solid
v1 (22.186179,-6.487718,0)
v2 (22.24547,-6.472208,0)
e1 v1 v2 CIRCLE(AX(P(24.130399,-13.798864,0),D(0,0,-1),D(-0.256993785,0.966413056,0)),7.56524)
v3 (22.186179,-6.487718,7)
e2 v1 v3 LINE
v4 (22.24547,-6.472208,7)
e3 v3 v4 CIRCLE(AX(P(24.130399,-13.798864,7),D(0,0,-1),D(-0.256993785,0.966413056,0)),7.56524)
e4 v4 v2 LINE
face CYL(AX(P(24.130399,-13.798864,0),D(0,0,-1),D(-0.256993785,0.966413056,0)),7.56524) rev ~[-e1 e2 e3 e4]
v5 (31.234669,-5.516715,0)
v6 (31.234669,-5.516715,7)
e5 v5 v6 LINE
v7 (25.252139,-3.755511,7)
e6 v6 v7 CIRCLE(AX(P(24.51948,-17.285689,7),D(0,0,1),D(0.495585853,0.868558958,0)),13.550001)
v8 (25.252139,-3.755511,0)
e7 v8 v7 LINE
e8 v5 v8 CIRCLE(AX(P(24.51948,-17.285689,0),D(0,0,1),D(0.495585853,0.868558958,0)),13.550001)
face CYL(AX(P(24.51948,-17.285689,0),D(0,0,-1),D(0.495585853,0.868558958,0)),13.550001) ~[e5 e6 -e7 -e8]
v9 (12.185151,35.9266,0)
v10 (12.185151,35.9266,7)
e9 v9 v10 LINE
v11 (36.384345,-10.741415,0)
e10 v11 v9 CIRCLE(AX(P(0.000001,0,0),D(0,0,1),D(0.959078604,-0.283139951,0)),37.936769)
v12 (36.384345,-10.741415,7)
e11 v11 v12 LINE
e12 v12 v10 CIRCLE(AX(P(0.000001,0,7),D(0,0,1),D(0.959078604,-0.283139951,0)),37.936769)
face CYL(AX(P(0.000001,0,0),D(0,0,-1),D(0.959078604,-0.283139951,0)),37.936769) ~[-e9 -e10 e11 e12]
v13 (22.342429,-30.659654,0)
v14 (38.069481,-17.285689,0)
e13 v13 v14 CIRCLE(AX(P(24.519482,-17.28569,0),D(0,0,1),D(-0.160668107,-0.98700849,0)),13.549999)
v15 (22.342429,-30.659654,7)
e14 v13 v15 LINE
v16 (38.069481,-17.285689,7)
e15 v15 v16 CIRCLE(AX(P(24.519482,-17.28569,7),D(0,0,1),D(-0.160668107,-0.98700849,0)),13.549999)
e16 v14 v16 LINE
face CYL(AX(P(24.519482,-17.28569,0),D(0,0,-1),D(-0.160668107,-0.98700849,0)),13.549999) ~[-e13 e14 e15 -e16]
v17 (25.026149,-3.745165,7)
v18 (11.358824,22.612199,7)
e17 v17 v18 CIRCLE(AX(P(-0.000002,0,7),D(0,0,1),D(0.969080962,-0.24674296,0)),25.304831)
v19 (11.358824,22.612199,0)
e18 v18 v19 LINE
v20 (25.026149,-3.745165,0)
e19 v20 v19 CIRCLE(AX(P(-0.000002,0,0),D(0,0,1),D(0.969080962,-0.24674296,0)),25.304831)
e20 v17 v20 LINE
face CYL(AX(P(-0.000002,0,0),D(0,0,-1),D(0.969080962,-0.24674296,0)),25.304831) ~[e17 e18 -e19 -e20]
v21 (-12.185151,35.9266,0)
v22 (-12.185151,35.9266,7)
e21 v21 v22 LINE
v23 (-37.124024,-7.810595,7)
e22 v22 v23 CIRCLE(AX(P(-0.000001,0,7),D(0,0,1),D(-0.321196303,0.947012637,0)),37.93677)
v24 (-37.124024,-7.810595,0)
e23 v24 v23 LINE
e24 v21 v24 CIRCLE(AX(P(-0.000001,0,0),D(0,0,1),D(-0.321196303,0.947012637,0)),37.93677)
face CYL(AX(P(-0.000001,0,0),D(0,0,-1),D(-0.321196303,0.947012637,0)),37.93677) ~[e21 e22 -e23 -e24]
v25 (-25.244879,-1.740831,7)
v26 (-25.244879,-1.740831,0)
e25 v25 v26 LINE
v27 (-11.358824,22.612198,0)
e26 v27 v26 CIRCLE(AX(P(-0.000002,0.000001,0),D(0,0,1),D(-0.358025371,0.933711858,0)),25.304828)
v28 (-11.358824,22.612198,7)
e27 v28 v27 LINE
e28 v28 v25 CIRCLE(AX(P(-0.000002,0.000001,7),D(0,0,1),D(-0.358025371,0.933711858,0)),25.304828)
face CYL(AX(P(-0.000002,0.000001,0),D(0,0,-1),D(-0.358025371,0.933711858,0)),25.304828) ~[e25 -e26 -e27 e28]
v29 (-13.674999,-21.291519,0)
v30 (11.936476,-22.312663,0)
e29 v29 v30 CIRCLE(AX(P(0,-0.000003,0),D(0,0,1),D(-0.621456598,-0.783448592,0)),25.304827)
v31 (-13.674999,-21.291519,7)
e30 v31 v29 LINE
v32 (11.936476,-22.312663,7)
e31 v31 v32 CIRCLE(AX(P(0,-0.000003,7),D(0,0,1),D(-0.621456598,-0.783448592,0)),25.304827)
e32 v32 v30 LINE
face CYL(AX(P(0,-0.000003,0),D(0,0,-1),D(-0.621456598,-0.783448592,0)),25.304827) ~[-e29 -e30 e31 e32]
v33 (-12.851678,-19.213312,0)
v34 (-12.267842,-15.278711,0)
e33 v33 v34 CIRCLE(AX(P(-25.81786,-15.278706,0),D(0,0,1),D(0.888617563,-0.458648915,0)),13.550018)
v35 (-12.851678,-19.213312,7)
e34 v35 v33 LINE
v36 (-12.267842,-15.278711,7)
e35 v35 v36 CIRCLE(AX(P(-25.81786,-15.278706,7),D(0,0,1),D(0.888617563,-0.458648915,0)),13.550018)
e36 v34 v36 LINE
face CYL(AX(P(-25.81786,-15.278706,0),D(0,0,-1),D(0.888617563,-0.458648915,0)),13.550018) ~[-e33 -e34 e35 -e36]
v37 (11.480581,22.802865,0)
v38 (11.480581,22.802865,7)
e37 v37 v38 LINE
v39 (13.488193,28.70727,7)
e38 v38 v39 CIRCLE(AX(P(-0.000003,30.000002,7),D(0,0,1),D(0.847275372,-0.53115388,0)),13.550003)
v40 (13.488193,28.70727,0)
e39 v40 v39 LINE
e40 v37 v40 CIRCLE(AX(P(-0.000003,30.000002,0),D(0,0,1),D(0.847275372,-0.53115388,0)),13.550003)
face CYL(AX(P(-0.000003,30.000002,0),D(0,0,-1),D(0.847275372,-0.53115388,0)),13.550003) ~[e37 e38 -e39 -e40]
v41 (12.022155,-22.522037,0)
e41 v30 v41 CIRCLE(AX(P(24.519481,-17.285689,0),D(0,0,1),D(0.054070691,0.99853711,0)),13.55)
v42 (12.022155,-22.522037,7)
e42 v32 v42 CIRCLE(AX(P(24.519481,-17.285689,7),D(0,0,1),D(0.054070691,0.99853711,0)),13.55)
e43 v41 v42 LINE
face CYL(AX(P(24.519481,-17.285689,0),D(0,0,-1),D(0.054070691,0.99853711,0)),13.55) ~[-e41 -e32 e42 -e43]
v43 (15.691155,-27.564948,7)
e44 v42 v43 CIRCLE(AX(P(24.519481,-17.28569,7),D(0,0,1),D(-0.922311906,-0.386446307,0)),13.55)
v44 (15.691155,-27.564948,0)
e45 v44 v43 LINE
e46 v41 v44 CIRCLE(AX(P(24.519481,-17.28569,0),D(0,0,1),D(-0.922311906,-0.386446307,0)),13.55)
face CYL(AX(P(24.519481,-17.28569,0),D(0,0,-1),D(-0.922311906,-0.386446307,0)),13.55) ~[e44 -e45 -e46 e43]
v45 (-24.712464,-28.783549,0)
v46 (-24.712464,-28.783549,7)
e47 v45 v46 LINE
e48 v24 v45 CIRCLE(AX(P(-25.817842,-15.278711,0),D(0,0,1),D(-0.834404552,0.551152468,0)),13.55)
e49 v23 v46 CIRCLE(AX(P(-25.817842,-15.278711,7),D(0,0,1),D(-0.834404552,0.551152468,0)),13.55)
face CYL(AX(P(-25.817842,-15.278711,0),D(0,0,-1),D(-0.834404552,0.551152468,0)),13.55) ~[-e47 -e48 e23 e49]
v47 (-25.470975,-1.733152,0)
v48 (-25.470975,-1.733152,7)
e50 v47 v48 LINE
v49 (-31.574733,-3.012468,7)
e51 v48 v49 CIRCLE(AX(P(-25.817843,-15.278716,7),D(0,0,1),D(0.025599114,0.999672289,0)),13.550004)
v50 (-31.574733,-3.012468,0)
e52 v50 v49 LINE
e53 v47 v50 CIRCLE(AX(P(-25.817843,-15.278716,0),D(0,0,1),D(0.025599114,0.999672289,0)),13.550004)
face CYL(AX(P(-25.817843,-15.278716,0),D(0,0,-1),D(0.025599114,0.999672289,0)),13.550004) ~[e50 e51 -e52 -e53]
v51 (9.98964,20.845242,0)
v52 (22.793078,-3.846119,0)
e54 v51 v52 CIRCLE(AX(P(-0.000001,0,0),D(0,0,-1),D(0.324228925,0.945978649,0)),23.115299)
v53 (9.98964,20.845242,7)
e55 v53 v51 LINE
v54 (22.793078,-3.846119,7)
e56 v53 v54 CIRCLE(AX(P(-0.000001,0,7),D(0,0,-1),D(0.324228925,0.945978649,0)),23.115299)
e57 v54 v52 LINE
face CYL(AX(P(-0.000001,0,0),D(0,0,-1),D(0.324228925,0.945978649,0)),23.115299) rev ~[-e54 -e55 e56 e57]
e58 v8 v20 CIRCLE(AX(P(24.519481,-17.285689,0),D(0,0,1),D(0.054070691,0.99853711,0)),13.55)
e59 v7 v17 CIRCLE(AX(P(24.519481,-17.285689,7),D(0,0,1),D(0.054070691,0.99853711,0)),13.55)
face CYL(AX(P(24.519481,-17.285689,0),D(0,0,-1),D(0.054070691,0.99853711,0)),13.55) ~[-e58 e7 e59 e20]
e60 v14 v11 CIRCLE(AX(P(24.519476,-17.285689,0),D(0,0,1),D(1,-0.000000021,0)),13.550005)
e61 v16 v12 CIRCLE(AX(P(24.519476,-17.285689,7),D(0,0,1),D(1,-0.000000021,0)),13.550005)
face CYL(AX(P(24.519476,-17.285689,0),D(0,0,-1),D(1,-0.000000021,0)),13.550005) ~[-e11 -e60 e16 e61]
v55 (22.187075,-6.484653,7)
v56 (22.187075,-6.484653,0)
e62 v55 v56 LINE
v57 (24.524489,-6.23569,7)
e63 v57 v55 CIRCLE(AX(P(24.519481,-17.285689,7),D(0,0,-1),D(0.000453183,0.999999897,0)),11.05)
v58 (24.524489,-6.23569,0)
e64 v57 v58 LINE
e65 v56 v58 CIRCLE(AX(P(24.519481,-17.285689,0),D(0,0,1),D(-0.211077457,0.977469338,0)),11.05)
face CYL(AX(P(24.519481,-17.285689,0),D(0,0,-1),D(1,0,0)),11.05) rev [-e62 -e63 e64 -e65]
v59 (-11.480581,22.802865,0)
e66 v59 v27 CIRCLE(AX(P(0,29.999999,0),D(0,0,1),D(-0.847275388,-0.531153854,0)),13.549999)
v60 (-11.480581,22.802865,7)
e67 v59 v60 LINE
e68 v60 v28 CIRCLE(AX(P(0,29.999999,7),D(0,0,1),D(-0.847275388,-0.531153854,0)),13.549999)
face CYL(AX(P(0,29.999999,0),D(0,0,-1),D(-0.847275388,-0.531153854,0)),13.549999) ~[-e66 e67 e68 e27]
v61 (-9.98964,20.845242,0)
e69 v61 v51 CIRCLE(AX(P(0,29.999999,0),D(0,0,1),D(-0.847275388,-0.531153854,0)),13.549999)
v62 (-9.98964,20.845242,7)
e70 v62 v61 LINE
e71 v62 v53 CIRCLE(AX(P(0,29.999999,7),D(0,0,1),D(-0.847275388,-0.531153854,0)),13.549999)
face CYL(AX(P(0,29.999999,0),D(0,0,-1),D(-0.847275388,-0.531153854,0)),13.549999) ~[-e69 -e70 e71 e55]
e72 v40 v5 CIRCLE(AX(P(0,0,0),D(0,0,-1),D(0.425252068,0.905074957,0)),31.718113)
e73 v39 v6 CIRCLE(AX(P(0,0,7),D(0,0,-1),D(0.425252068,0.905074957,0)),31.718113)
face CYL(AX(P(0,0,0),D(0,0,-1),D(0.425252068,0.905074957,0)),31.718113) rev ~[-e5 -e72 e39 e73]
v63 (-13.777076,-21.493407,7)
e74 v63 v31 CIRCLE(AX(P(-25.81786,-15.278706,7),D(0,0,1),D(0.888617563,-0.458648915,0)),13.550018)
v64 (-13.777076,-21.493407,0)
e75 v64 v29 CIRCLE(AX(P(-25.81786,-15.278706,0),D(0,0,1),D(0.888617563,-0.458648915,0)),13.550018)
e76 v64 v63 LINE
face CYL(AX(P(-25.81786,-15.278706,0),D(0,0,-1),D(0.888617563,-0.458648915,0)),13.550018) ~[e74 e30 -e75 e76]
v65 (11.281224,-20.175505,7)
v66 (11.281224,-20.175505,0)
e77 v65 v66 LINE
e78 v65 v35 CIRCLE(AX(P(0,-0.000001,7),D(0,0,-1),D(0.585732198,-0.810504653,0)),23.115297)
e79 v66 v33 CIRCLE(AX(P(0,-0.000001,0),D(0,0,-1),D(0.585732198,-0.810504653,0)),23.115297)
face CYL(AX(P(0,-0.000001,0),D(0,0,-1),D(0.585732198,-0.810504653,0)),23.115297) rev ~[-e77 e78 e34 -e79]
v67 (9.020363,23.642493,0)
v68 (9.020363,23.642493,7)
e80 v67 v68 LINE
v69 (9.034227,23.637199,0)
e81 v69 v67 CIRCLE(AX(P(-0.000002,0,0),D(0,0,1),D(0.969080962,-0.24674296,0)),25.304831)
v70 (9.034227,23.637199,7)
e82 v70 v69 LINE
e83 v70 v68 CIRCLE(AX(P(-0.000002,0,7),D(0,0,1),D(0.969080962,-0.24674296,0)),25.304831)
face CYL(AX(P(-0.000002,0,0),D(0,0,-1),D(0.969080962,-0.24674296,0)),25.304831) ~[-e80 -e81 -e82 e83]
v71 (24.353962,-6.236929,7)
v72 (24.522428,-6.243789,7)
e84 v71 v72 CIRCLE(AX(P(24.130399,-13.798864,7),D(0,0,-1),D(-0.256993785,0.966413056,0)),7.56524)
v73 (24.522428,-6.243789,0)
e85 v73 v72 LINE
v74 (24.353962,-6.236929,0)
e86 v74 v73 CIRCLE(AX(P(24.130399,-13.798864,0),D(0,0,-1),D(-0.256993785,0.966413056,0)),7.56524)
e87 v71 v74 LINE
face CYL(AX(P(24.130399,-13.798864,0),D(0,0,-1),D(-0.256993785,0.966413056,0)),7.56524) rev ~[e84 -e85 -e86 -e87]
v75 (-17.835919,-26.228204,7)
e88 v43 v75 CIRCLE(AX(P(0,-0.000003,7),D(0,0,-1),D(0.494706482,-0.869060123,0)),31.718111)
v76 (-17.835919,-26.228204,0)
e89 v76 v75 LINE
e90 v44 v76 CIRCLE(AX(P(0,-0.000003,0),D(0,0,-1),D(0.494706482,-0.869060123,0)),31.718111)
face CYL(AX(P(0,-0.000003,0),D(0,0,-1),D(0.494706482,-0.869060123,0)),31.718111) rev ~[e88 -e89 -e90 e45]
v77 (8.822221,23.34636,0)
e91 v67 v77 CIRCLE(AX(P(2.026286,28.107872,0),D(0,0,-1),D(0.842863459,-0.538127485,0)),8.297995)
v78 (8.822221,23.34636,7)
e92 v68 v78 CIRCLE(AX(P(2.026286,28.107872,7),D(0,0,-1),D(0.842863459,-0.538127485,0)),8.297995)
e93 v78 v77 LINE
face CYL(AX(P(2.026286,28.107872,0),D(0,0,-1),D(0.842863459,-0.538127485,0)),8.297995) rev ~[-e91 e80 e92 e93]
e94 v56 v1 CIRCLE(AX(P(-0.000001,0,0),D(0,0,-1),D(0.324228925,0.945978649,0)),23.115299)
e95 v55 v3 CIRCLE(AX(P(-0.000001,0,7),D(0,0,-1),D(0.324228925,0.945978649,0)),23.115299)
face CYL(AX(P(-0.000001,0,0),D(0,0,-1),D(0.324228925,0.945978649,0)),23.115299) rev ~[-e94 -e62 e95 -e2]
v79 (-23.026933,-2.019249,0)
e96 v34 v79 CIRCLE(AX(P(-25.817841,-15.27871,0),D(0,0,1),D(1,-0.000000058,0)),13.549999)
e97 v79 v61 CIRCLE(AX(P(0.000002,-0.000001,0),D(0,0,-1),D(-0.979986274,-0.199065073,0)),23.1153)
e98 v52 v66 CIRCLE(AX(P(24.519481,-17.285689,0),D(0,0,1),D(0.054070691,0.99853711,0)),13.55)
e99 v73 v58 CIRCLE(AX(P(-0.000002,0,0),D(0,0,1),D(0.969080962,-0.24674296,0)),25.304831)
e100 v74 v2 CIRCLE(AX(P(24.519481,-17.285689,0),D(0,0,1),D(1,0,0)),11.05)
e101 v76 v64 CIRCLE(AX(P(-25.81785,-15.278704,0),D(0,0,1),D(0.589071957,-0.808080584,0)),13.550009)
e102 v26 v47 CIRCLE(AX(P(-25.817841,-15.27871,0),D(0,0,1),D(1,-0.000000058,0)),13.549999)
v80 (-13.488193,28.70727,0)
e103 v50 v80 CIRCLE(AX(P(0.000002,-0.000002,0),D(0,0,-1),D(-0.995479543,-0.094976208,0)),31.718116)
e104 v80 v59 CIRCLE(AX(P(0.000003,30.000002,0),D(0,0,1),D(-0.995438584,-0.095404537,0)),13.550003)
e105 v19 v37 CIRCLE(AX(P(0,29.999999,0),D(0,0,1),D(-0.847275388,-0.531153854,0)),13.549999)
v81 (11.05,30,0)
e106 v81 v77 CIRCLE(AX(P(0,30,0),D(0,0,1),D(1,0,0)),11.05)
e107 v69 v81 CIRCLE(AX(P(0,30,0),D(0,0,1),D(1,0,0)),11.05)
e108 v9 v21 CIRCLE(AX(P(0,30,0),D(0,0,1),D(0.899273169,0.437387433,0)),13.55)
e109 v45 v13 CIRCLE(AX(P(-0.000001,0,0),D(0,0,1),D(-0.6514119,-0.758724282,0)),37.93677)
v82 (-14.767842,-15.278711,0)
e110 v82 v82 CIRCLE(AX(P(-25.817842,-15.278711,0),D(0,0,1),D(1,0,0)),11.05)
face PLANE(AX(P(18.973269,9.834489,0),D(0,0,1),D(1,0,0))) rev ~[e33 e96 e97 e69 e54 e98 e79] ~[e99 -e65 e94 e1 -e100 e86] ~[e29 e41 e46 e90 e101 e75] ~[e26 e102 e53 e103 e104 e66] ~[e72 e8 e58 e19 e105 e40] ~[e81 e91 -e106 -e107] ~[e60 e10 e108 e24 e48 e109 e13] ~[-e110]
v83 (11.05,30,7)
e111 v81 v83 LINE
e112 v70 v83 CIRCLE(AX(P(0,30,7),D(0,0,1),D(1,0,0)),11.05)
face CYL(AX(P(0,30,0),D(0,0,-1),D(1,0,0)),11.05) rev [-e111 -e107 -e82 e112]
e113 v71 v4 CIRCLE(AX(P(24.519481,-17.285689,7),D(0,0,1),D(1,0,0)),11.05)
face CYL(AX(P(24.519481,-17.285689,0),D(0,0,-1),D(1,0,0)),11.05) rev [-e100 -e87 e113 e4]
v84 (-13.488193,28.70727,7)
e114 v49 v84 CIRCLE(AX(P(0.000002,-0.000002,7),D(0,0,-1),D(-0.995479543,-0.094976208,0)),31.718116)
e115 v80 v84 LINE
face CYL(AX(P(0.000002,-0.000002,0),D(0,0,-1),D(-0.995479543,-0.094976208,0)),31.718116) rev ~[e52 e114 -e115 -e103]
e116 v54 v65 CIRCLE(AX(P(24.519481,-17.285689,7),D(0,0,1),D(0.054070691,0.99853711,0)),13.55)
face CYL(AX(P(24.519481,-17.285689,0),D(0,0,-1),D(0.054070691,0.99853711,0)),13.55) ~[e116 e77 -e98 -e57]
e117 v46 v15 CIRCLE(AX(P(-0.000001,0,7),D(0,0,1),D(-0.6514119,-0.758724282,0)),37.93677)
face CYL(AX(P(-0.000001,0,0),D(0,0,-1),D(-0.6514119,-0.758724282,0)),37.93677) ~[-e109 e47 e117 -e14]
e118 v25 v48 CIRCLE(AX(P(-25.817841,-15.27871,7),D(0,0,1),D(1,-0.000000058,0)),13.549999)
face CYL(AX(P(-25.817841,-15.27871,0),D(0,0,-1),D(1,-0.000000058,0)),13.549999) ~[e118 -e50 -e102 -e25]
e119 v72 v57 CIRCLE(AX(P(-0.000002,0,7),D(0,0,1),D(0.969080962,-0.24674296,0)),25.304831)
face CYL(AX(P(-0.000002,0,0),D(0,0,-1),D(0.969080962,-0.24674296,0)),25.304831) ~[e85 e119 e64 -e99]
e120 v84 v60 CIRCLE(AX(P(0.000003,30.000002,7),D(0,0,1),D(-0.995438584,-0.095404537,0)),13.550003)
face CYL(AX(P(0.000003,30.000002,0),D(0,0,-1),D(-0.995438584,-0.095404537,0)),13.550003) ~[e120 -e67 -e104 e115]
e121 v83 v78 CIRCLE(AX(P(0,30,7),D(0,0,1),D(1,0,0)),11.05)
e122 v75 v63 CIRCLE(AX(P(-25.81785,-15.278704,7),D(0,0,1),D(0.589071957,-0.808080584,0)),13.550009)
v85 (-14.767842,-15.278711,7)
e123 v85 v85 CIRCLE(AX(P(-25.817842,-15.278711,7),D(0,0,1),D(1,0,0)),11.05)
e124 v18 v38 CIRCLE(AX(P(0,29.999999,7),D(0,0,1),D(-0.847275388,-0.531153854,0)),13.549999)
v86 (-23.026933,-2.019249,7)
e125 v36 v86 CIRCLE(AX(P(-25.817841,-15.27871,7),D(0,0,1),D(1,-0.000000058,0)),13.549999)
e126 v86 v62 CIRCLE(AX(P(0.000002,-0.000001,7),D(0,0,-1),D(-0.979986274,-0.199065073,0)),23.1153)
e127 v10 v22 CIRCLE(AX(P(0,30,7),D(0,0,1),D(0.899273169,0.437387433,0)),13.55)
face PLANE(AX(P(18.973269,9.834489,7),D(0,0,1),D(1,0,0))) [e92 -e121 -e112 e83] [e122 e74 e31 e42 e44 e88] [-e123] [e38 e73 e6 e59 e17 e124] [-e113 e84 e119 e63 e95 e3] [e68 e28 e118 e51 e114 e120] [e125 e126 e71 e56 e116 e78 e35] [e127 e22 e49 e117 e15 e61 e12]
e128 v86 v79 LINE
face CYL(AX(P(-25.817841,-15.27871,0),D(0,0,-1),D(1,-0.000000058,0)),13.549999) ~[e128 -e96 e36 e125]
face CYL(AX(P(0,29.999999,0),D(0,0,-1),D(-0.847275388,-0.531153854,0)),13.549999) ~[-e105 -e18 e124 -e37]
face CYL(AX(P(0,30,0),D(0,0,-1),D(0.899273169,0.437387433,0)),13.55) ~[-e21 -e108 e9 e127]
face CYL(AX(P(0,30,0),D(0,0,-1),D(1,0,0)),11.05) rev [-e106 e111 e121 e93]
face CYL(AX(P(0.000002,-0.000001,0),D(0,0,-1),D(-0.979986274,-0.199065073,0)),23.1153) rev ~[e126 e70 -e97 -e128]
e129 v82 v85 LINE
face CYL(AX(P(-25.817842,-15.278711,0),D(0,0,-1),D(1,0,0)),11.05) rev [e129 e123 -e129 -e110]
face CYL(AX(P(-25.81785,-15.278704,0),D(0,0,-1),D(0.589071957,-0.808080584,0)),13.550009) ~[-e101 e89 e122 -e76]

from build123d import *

# Parameters (mm, degrees)
F0_R     = 11.05
F1_DEPTH = 7
F3_DEPTH = 7
F4_DEPTH = 7


with BuildPart() as f1:
    # F0 (on Top) → F1 (new body)
    with BuildSketch(Plane.XY):
        with BuildLine():
            ThreePointArc((13.488193, 28.70727), (13.534539, 29.352897), (13.55, 30))
            ThreePointArc((13.55, 30), (13.20438, 33.040864), (12.185151, 35.9266))
            ThreePointArc((12.185151, 35.9266), (0, 43.55), (-12.185151, 35.9266))
            ThreePointArc((-12.185151, 35.9266), (-13.334535, 32.406796), (-13.488193, 28.70727))
            ThreePointArc((-13.488193, 28.70727), (-12.828695, 25.637996), (-11.480581, 22.802865))
            ThreePointArc((-11.480581, 22.802865), (0, 16.45), (11.480581, 22.802865))
            ThreePointArc((11.480581, 22.802865), (12.828695, 25.637996), (13.488193, 28.70727))
        make_face()
        with Locations((0, 30)):
            Circle(F0_R, mode=Mode.SUBTRACT)
        with BuildLine():
            ThreePointArc((12.185151, 35.9266), (13.20438, 33.040864), (13.55, 30))
            ThreePointArc((13.55, 30), (13.534539, 29.352897), (13.488193, 28.70727))
            ThreePointArc((13.488193, 28.70727), (28.157661, 14.60085), (31.234669, -5.516715))
            ThreePointArc((31.234669, -5.516715), (34.169815, -7.77393), (36.384345, -10.741415))
            ThreePointArc((36.384345, -10.741415), (33.678256, 17.463494), (12.185151, 35.9266))
        make_face()
        with BuildLine():
            ThreePointArc((-13.488193, 28.70727), (-13.334535, 32.406796), (-12.185151, 35.9266))
            ThreePointArc((-12.185151, 35.9266), (-32.955792, 18.791336), (-37.124024, -7.810595))
            ThreePointArc((-37.124024, -7.810595), (-34.680269, -5.028838), (-31.574733, -3.012468))
            ThreePointArc((-31.574733, -3.012468), (-27.553625, 15.711029), (-13.488193, 28.70727))
        make_face()
        with BuildLine():
            ThreePointArc((38.069481, -17.285689), (37.641436, -13.906813), (36.384345, -10.741415))
            ThreePointArc((36.384345, -10.741415), (34.169815, -7.77393), (31.234669, -5.516715))
            ThreePointArc((31.234669, -5.516715), (28.346106, -4.287249), (25.252139, -3.755511))
            ThreePointArc((25.252139, -3.755511), (13.444849, -9.478319), (12.022155, -22.522037))
            ThreePointArc((12.022155, -22.522037), (13.562584, -25.257446), (15.691155, -27.564948))
            ThreePointArc((15.691155, -27.564948), (18.803373, -29.57099), (22.342429, -30.659654))
            ThreePointArc((22.342429, -30.659654), (33.297392, -27.608033), (38.069481, -17.285689))
        make_face()
        with Locations((24.519481, -17.285689)):
            Circle(F0_R, mode=Mode.SUBTRACT)
        with BuildLine():
            ThreePointArc((-31.574733, -3.012468), (-34.680269, -5.028838), (-37.124024, -7.810595))
            ThreePointArc((-37.124024, -7.810595), (-37.478901, -22.179596), (-24.712464, -28.783549))
            ThreePointArc((-24.712464, -28.783549), (-21.097968, -27.9801), (-17.835919, -26.228204))
            ThreePointArc((-17.835919, -26.228204), (-15.530394, -24.097492), (-13.777076, -21.493407))
            ThreePointArc((-13.777076, -21.493407), (-12.650556, -18.476376), (-12.267842, -15.278711))
            ThreePointArc((-12.267842, -15.278711), (-16.114684, -5.820845), (-25.470975, -1.733152))
            ThreePointArc((-25.470975, -1.733152), (-28.597456, -2.016877), (-31.574733, -3.012468))
        make_face()
        with Locations((-25.817842, -15.278711)):
            Circle(F0_R, mode=Mode.SUBTRACT)
        with BuildLine():
            ThreePointArc((-17.835919, -26.228204), (-21.097968, -27.9801), (-24.712464, -28.783549))
            ThreePointArc((-24.712464, -28.783549), (-1.51136, -37.906653), (22.342429, -30.659654))
            ThreePointArc((22.342429, -30.659654), (18.803373, -29.57099), (15.691155, -27.564948))
            ThreePointArc((15.691155, -27.564948), (-1.263615, -31.692933), (-17.835919, -26.228204))
        make_face()
    extrude(amount=F1_DEPTH)

    # F2 (on Top) → F3 (join)
    with BuildSketch(Plane.XY):
        with BuildLine():
            ThreePointArc((22.186179, -6.487718), (23.344779, -6.274527), (24.522428, -6.243789))
            ThreePointArc((24.522428, -6.243789), (22.462795, 11.65149), (9.020363, 23.642493))
            ThreePointArc((9.020363, 23.642493), (8.320455, 22.700455), (7.494648, 21.866579))
            ThreePointArc((7.494648, 21.866579), (20.523874, 10.634266), (22.186179, -6.487718))
        make_face()
        with BuildLine():
            ThreePointArc((13.539374, -18.735057), (-0.928614, -23.096638), (-14.999749, -17.587624))
            ThreePointArc((-14.999749, -17.587624), (-15.236978, -18.747162), (-15.725852, -19.825034))
            ThreePointArc((-15.725852, -19.825034), (-1.000586, -25.28504), (14.110088, -21.005709))
            ThreePointArc((14.110088, -21.005709), (13.711284, -19.898897), (13.539374, -18.735057))
        make_face()
        with BuildLine():
            ThreePointArc((-22.652675, -4.60145), (-20.066421, 11.474134), (-7.523773, 21.856575))
            ThreePointArc((-7.523773, 21.856575), (-8.361476, 22.681537), (-9.059772, 23.627419))
            ThreePointArc((-9.059772, 23.627419), (-21.948573, 12.593433), (-24.970128, -4.102083))
            Line((-24.970128, -4.102083), (-22.652675, -4.60145))
        make_face()
    extrude(amount=F3_DEPTH)

    # F2 (on Top) → F4 (join)
    with BuildSketch(Plane.XY):
        with BuildLine():
            ThreePointArc((22.186179, -6.487718), (23.344779, -6.274527), (24.522428, -6.243789))
            ThreePointArc((24.522428, -6.243789), (22.462795, 11.65149), (9.020363, 23.642493))
            ThreePointArc((9.020363, 23.642493), (8.320455, 22.700455), (7.494648, 21.866579))
            ThreePointArc((7.494648, 21.866579), (20.523874, 10.634266), (22.186179, -6.487718))
        make_face()
        with BuildLine():
            ThreePointArc((13.539374, -18.735057), (-0.928614, -23.096638), (-14.999749, -17.587624))
            ThreePointArc((-14.999749, -17.587624), (-15.236978, -18.747162), (-15.725852, -19.825034))
            ThreePointArc((-15.725852, -19.825034), (-1.000586, -25.28504), (14.110088, -21.005709))
            ThreePointArc((14.110088, -21.005709), (13.711284, -19.898897), (13.539374, -18.735057))
        make_face()
        with BuildLine():
            ThreePointArc((-22.652675, -4.60145), (-20.066421, 11.474134), (-7.523773, 21.856575))
            ThreePointArc((-7.523773, 21.856575), (-8.361476, 22.681537), (-9.059772, 23.627419))
            ThreePointArc((-9.059772, 23.627419), (-21.948573, 12.593433), (-24.970128, -4.102083))
            Line((-24.970128, -4.102083), (-22.652675, -4.60145))
        make_face()
    extrude(amount=F4_DEPTH)


solid = f1.part
